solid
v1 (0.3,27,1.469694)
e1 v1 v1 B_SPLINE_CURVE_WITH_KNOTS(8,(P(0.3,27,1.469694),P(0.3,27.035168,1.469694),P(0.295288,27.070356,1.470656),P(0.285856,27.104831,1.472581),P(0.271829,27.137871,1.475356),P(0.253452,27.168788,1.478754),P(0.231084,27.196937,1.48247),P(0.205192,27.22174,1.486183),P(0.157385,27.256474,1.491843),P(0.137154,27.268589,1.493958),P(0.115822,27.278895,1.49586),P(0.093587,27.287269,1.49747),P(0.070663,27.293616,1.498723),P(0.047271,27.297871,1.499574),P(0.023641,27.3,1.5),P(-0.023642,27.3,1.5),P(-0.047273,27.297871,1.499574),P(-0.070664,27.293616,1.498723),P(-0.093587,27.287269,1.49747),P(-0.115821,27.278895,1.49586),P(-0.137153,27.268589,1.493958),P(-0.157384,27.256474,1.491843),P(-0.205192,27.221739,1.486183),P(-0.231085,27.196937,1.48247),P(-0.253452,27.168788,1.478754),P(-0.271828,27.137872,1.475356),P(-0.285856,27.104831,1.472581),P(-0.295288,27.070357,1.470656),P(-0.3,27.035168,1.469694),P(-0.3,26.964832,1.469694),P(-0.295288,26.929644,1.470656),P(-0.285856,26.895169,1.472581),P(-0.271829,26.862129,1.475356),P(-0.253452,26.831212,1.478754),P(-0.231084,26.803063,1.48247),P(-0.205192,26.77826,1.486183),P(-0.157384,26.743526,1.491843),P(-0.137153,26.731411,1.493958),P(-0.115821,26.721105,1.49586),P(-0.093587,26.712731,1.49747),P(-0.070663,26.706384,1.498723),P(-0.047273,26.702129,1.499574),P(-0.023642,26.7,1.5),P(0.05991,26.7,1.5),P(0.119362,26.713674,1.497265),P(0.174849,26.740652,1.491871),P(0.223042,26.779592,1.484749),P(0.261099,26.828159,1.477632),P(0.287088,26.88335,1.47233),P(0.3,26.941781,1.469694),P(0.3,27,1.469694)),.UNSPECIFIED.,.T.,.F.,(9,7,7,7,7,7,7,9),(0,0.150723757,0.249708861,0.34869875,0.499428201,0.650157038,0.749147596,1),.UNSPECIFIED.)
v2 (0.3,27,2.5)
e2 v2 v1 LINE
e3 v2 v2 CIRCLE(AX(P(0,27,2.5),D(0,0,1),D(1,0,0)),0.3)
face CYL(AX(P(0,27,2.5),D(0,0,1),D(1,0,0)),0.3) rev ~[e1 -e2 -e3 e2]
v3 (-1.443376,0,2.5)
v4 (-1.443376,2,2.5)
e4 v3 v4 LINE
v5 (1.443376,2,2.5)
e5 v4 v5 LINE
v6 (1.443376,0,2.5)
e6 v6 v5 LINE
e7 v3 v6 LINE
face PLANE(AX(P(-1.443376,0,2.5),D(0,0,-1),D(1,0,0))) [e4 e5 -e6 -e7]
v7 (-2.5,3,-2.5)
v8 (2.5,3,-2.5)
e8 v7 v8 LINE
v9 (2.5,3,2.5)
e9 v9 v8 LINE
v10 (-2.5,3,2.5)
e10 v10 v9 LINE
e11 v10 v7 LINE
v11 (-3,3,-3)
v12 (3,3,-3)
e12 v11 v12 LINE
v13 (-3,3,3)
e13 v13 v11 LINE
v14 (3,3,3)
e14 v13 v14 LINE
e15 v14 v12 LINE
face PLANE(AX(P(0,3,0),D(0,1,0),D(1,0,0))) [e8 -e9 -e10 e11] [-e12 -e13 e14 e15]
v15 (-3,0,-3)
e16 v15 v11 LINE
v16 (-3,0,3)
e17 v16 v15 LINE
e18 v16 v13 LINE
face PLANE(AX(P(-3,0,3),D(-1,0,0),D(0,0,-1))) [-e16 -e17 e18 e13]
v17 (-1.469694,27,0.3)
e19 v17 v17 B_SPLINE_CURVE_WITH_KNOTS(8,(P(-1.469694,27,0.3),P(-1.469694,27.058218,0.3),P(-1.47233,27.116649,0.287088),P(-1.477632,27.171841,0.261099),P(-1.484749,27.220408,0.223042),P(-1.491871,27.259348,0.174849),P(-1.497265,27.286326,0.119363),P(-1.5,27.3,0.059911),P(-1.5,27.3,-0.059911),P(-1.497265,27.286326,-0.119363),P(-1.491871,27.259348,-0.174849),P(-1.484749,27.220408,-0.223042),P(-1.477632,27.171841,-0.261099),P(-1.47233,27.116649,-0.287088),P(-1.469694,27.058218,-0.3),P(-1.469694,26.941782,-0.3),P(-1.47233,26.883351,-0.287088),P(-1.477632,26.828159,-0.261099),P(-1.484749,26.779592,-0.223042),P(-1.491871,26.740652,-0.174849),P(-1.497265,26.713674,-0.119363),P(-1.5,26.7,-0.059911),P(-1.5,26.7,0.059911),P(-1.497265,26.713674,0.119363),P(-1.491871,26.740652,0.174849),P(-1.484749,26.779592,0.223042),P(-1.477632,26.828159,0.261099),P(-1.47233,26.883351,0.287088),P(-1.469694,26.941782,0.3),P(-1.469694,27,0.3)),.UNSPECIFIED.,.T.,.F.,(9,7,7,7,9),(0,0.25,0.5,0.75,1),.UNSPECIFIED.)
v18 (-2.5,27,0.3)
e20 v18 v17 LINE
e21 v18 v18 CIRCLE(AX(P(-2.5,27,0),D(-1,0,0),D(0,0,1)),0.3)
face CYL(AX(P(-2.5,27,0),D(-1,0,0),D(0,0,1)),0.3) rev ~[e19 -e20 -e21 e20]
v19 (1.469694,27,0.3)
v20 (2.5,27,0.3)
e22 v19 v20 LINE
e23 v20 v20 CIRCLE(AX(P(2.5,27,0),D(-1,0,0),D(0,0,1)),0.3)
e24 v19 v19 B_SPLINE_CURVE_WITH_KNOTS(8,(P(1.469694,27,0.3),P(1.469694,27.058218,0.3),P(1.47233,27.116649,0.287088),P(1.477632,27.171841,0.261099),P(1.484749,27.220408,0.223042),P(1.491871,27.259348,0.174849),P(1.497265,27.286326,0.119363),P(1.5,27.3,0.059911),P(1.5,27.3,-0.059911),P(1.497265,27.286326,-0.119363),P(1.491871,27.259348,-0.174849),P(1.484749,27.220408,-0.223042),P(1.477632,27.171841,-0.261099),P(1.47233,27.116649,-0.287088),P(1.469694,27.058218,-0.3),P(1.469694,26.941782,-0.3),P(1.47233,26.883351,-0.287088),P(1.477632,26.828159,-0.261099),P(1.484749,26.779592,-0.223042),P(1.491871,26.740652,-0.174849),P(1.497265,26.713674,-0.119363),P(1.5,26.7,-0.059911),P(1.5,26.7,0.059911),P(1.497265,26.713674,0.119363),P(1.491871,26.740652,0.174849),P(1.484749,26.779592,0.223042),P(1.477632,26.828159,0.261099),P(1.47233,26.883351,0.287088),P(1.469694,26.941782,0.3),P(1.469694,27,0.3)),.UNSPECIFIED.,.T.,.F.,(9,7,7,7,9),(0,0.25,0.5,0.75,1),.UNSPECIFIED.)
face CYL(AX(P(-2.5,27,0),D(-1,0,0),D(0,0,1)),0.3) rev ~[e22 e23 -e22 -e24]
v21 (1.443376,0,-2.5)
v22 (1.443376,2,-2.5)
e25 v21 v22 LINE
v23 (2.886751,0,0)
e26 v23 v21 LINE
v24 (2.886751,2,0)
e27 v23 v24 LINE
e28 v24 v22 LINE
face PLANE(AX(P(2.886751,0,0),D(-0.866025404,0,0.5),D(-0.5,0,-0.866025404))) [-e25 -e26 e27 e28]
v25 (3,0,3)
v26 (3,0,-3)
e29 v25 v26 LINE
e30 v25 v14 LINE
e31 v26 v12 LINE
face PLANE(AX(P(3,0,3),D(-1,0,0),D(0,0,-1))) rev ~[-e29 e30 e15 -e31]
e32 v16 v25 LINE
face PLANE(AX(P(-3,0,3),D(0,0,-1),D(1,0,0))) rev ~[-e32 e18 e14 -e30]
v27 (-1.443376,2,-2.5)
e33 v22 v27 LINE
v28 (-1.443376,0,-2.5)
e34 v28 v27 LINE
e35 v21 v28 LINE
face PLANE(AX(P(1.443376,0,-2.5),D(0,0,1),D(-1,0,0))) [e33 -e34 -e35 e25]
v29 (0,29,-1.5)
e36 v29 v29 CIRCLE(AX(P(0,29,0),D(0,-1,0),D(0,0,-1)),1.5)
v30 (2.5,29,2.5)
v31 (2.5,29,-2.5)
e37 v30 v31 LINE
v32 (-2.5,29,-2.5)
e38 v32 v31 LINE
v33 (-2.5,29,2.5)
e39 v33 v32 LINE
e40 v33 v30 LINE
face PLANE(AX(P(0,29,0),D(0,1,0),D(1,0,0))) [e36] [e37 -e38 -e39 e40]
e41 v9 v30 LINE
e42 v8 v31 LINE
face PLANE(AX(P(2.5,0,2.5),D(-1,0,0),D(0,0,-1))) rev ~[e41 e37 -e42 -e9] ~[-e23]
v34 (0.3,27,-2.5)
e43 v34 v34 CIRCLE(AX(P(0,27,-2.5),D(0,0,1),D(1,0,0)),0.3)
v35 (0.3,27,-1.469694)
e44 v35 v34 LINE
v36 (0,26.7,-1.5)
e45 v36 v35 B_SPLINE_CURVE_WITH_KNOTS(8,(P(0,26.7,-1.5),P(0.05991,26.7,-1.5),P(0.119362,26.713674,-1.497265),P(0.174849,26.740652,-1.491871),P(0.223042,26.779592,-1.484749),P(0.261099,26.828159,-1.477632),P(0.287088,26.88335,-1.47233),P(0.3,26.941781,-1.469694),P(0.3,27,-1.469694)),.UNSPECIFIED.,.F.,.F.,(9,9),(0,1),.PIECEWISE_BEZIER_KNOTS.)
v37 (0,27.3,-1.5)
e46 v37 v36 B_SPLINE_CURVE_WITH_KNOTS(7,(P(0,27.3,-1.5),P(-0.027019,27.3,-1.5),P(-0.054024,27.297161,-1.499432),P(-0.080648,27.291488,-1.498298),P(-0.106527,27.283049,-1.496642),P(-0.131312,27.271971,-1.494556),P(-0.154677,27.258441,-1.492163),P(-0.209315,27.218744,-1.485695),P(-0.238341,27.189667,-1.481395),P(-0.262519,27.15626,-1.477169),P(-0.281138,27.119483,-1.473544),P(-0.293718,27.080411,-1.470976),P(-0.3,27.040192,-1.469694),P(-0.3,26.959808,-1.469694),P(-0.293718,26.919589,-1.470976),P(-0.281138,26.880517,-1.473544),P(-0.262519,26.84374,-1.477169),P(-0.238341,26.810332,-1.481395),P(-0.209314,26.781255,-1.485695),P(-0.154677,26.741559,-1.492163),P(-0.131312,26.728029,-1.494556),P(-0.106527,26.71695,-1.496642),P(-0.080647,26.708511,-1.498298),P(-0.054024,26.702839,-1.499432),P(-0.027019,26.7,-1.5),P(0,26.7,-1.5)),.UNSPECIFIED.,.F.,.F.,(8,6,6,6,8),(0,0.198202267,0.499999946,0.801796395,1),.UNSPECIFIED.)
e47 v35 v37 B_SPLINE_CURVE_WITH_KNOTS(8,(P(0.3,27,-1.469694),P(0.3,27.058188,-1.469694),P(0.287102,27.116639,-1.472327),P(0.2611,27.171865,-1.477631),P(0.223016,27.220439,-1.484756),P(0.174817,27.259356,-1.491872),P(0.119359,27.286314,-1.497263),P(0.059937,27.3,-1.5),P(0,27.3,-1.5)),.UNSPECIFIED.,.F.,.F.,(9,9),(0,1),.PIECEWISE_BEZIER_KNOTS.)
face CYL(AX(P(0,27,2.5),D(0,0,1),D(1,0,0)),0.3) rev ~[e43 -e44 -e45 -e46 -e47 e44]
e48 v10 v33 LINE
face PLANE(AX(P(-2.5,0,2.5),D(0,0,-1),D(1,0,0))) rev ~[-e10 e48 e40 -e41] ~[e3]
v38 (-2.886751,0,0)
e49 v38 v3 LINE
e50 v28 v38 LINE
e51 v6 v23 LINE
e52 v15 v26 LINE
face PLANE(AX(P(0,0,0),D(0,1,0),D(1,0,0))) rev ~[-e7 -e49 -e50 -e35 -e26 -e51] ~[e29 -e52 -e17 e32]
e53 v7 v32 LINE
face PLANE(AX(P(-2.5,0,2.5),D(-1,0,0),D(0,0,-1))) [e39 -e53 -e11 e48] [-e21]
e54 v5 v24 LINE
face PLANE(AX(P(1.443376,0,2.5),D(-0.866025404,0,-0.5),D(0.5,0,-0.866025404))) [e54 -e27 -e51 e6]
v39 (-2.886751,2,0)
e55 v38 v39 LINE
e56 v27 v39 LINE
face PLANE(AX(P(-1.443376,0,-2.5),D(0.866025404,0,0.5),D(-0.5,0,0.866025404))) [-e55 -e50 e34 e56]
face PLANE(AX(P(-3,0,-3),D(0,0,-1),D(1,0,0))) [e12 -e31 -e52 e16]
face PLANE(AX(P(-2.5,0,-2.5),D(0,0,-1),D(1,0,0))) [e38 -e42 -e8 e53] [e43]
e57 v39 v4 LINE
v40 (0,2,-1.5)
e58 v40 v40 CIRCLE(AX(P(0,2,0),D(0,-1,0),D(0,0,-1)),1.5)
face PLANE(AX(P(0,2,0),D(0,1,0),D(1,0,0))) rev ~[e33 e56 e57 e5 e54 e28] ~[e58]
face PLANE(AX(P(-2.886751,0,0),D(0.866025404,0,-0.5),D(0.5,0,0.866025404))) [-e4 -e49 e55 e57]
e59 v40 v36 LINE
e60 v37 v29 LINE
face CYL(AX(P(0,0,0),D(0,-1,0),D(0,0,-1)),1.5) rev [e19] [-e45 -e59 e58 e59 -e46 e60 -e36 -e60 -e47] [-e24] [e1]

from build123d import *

# Parameters (mm, degrees)
SKETCH_1_W          = 5
SKETCH_1_H          = 5
EXTRUDE_1_DEPTH     = 29
SKETCH_1_5_W        = 6
SKETCH_1_5_H        = 6
EXTRUDE_2_DEPTH     = 3
SKETCH_1_3_R        = 1.5
CUT_EXTRUDE_1_DEPTH = 30.30870178
CUT_EXTRUDE_2_DEPTH = 2
SKETCH_3_R          = 0.3
CUT_EXTRUDE_3_DEPTH = 30.669007398
SKETCH_4_R          = 0.3
CUT_EXTRUDE_4_DEPTH = 30.669007496


with BuildPart() as part:
    # 草图1 → 凸台-拉伸1 (new body)
    with BuildSketch(Plane(origin=(0, 0, 0), x_dir=(1, 0, 0), z_dir=(0, 1, 0))):
        Rectangle(SKETCH_1_W, SKETCH_1_H)
    extrude(amount=EXTRUDE_1_DEPTH)

    # 草图1<5> → 凸台-拉伸2 (add)
    with BuildSketch(Plane(origin=(0, 0, 0), x_dir=(1, 0, 0), z_dir=(0, 1, 0))):
        Rectangle(SKETCH_1_5_W, SKETCH_1_5_H)
    extrude(amount=EXTRUDE_2_DEPTH)

    # 草图1<3> → 切除-拉伸1 (cut, through all)
    with BuildSketch(Plane(origin=(0, 0, 0), x_dir=(1, 0, 0), z_dir=(0, 1, 0))):
        Circle(SKETCH_1_3_R)
    extrude(amount=CUT_EXTRUDE_1_DEPTH, mode=Mode.SUBTRACT)

    # 草图1<4> → 切除-拉伸2 (cut)
    with BuildSketch(Plane(origin=(0, 0, 0), x_dir=(1, 0, 0), z_dir=(0, 1, 0))):
        Polygon((2.886751346, 0), (1.443375673, 2.5), (-1.443375673, 2.5), (-2.886751346, 0), (-1.443375673, -2.5), (1.443375673, -2.5), align=None)
    extrude(amount=CUT_EXTRUDE_2_DEPTH, mode=Mode.SUBTRACT)

    # 草图3 → 切除-拉伸3 (cut, through all)
    with BuildSketch(Plane.XY.offset(2.5)):
        with Locations((0, 27)):
            Circle(SKETCH_3_R)
    extrude(amount=-CUT_EXTRUDE_3_DEPTH, mode=Mode.SUBTRACT)

    # 草图4 → 切除-拉伸4 (cut, through all)
    with BuildSketch(Plane.ZY.offset(2.5)):
        with Locations((0, 27)):
            Circle(SKETCH_4_R)
    extrude(amount=-CUT_EXTRUDE_4_DEPTH, mode=Mode.SUBTRACT)


solid = part.part
